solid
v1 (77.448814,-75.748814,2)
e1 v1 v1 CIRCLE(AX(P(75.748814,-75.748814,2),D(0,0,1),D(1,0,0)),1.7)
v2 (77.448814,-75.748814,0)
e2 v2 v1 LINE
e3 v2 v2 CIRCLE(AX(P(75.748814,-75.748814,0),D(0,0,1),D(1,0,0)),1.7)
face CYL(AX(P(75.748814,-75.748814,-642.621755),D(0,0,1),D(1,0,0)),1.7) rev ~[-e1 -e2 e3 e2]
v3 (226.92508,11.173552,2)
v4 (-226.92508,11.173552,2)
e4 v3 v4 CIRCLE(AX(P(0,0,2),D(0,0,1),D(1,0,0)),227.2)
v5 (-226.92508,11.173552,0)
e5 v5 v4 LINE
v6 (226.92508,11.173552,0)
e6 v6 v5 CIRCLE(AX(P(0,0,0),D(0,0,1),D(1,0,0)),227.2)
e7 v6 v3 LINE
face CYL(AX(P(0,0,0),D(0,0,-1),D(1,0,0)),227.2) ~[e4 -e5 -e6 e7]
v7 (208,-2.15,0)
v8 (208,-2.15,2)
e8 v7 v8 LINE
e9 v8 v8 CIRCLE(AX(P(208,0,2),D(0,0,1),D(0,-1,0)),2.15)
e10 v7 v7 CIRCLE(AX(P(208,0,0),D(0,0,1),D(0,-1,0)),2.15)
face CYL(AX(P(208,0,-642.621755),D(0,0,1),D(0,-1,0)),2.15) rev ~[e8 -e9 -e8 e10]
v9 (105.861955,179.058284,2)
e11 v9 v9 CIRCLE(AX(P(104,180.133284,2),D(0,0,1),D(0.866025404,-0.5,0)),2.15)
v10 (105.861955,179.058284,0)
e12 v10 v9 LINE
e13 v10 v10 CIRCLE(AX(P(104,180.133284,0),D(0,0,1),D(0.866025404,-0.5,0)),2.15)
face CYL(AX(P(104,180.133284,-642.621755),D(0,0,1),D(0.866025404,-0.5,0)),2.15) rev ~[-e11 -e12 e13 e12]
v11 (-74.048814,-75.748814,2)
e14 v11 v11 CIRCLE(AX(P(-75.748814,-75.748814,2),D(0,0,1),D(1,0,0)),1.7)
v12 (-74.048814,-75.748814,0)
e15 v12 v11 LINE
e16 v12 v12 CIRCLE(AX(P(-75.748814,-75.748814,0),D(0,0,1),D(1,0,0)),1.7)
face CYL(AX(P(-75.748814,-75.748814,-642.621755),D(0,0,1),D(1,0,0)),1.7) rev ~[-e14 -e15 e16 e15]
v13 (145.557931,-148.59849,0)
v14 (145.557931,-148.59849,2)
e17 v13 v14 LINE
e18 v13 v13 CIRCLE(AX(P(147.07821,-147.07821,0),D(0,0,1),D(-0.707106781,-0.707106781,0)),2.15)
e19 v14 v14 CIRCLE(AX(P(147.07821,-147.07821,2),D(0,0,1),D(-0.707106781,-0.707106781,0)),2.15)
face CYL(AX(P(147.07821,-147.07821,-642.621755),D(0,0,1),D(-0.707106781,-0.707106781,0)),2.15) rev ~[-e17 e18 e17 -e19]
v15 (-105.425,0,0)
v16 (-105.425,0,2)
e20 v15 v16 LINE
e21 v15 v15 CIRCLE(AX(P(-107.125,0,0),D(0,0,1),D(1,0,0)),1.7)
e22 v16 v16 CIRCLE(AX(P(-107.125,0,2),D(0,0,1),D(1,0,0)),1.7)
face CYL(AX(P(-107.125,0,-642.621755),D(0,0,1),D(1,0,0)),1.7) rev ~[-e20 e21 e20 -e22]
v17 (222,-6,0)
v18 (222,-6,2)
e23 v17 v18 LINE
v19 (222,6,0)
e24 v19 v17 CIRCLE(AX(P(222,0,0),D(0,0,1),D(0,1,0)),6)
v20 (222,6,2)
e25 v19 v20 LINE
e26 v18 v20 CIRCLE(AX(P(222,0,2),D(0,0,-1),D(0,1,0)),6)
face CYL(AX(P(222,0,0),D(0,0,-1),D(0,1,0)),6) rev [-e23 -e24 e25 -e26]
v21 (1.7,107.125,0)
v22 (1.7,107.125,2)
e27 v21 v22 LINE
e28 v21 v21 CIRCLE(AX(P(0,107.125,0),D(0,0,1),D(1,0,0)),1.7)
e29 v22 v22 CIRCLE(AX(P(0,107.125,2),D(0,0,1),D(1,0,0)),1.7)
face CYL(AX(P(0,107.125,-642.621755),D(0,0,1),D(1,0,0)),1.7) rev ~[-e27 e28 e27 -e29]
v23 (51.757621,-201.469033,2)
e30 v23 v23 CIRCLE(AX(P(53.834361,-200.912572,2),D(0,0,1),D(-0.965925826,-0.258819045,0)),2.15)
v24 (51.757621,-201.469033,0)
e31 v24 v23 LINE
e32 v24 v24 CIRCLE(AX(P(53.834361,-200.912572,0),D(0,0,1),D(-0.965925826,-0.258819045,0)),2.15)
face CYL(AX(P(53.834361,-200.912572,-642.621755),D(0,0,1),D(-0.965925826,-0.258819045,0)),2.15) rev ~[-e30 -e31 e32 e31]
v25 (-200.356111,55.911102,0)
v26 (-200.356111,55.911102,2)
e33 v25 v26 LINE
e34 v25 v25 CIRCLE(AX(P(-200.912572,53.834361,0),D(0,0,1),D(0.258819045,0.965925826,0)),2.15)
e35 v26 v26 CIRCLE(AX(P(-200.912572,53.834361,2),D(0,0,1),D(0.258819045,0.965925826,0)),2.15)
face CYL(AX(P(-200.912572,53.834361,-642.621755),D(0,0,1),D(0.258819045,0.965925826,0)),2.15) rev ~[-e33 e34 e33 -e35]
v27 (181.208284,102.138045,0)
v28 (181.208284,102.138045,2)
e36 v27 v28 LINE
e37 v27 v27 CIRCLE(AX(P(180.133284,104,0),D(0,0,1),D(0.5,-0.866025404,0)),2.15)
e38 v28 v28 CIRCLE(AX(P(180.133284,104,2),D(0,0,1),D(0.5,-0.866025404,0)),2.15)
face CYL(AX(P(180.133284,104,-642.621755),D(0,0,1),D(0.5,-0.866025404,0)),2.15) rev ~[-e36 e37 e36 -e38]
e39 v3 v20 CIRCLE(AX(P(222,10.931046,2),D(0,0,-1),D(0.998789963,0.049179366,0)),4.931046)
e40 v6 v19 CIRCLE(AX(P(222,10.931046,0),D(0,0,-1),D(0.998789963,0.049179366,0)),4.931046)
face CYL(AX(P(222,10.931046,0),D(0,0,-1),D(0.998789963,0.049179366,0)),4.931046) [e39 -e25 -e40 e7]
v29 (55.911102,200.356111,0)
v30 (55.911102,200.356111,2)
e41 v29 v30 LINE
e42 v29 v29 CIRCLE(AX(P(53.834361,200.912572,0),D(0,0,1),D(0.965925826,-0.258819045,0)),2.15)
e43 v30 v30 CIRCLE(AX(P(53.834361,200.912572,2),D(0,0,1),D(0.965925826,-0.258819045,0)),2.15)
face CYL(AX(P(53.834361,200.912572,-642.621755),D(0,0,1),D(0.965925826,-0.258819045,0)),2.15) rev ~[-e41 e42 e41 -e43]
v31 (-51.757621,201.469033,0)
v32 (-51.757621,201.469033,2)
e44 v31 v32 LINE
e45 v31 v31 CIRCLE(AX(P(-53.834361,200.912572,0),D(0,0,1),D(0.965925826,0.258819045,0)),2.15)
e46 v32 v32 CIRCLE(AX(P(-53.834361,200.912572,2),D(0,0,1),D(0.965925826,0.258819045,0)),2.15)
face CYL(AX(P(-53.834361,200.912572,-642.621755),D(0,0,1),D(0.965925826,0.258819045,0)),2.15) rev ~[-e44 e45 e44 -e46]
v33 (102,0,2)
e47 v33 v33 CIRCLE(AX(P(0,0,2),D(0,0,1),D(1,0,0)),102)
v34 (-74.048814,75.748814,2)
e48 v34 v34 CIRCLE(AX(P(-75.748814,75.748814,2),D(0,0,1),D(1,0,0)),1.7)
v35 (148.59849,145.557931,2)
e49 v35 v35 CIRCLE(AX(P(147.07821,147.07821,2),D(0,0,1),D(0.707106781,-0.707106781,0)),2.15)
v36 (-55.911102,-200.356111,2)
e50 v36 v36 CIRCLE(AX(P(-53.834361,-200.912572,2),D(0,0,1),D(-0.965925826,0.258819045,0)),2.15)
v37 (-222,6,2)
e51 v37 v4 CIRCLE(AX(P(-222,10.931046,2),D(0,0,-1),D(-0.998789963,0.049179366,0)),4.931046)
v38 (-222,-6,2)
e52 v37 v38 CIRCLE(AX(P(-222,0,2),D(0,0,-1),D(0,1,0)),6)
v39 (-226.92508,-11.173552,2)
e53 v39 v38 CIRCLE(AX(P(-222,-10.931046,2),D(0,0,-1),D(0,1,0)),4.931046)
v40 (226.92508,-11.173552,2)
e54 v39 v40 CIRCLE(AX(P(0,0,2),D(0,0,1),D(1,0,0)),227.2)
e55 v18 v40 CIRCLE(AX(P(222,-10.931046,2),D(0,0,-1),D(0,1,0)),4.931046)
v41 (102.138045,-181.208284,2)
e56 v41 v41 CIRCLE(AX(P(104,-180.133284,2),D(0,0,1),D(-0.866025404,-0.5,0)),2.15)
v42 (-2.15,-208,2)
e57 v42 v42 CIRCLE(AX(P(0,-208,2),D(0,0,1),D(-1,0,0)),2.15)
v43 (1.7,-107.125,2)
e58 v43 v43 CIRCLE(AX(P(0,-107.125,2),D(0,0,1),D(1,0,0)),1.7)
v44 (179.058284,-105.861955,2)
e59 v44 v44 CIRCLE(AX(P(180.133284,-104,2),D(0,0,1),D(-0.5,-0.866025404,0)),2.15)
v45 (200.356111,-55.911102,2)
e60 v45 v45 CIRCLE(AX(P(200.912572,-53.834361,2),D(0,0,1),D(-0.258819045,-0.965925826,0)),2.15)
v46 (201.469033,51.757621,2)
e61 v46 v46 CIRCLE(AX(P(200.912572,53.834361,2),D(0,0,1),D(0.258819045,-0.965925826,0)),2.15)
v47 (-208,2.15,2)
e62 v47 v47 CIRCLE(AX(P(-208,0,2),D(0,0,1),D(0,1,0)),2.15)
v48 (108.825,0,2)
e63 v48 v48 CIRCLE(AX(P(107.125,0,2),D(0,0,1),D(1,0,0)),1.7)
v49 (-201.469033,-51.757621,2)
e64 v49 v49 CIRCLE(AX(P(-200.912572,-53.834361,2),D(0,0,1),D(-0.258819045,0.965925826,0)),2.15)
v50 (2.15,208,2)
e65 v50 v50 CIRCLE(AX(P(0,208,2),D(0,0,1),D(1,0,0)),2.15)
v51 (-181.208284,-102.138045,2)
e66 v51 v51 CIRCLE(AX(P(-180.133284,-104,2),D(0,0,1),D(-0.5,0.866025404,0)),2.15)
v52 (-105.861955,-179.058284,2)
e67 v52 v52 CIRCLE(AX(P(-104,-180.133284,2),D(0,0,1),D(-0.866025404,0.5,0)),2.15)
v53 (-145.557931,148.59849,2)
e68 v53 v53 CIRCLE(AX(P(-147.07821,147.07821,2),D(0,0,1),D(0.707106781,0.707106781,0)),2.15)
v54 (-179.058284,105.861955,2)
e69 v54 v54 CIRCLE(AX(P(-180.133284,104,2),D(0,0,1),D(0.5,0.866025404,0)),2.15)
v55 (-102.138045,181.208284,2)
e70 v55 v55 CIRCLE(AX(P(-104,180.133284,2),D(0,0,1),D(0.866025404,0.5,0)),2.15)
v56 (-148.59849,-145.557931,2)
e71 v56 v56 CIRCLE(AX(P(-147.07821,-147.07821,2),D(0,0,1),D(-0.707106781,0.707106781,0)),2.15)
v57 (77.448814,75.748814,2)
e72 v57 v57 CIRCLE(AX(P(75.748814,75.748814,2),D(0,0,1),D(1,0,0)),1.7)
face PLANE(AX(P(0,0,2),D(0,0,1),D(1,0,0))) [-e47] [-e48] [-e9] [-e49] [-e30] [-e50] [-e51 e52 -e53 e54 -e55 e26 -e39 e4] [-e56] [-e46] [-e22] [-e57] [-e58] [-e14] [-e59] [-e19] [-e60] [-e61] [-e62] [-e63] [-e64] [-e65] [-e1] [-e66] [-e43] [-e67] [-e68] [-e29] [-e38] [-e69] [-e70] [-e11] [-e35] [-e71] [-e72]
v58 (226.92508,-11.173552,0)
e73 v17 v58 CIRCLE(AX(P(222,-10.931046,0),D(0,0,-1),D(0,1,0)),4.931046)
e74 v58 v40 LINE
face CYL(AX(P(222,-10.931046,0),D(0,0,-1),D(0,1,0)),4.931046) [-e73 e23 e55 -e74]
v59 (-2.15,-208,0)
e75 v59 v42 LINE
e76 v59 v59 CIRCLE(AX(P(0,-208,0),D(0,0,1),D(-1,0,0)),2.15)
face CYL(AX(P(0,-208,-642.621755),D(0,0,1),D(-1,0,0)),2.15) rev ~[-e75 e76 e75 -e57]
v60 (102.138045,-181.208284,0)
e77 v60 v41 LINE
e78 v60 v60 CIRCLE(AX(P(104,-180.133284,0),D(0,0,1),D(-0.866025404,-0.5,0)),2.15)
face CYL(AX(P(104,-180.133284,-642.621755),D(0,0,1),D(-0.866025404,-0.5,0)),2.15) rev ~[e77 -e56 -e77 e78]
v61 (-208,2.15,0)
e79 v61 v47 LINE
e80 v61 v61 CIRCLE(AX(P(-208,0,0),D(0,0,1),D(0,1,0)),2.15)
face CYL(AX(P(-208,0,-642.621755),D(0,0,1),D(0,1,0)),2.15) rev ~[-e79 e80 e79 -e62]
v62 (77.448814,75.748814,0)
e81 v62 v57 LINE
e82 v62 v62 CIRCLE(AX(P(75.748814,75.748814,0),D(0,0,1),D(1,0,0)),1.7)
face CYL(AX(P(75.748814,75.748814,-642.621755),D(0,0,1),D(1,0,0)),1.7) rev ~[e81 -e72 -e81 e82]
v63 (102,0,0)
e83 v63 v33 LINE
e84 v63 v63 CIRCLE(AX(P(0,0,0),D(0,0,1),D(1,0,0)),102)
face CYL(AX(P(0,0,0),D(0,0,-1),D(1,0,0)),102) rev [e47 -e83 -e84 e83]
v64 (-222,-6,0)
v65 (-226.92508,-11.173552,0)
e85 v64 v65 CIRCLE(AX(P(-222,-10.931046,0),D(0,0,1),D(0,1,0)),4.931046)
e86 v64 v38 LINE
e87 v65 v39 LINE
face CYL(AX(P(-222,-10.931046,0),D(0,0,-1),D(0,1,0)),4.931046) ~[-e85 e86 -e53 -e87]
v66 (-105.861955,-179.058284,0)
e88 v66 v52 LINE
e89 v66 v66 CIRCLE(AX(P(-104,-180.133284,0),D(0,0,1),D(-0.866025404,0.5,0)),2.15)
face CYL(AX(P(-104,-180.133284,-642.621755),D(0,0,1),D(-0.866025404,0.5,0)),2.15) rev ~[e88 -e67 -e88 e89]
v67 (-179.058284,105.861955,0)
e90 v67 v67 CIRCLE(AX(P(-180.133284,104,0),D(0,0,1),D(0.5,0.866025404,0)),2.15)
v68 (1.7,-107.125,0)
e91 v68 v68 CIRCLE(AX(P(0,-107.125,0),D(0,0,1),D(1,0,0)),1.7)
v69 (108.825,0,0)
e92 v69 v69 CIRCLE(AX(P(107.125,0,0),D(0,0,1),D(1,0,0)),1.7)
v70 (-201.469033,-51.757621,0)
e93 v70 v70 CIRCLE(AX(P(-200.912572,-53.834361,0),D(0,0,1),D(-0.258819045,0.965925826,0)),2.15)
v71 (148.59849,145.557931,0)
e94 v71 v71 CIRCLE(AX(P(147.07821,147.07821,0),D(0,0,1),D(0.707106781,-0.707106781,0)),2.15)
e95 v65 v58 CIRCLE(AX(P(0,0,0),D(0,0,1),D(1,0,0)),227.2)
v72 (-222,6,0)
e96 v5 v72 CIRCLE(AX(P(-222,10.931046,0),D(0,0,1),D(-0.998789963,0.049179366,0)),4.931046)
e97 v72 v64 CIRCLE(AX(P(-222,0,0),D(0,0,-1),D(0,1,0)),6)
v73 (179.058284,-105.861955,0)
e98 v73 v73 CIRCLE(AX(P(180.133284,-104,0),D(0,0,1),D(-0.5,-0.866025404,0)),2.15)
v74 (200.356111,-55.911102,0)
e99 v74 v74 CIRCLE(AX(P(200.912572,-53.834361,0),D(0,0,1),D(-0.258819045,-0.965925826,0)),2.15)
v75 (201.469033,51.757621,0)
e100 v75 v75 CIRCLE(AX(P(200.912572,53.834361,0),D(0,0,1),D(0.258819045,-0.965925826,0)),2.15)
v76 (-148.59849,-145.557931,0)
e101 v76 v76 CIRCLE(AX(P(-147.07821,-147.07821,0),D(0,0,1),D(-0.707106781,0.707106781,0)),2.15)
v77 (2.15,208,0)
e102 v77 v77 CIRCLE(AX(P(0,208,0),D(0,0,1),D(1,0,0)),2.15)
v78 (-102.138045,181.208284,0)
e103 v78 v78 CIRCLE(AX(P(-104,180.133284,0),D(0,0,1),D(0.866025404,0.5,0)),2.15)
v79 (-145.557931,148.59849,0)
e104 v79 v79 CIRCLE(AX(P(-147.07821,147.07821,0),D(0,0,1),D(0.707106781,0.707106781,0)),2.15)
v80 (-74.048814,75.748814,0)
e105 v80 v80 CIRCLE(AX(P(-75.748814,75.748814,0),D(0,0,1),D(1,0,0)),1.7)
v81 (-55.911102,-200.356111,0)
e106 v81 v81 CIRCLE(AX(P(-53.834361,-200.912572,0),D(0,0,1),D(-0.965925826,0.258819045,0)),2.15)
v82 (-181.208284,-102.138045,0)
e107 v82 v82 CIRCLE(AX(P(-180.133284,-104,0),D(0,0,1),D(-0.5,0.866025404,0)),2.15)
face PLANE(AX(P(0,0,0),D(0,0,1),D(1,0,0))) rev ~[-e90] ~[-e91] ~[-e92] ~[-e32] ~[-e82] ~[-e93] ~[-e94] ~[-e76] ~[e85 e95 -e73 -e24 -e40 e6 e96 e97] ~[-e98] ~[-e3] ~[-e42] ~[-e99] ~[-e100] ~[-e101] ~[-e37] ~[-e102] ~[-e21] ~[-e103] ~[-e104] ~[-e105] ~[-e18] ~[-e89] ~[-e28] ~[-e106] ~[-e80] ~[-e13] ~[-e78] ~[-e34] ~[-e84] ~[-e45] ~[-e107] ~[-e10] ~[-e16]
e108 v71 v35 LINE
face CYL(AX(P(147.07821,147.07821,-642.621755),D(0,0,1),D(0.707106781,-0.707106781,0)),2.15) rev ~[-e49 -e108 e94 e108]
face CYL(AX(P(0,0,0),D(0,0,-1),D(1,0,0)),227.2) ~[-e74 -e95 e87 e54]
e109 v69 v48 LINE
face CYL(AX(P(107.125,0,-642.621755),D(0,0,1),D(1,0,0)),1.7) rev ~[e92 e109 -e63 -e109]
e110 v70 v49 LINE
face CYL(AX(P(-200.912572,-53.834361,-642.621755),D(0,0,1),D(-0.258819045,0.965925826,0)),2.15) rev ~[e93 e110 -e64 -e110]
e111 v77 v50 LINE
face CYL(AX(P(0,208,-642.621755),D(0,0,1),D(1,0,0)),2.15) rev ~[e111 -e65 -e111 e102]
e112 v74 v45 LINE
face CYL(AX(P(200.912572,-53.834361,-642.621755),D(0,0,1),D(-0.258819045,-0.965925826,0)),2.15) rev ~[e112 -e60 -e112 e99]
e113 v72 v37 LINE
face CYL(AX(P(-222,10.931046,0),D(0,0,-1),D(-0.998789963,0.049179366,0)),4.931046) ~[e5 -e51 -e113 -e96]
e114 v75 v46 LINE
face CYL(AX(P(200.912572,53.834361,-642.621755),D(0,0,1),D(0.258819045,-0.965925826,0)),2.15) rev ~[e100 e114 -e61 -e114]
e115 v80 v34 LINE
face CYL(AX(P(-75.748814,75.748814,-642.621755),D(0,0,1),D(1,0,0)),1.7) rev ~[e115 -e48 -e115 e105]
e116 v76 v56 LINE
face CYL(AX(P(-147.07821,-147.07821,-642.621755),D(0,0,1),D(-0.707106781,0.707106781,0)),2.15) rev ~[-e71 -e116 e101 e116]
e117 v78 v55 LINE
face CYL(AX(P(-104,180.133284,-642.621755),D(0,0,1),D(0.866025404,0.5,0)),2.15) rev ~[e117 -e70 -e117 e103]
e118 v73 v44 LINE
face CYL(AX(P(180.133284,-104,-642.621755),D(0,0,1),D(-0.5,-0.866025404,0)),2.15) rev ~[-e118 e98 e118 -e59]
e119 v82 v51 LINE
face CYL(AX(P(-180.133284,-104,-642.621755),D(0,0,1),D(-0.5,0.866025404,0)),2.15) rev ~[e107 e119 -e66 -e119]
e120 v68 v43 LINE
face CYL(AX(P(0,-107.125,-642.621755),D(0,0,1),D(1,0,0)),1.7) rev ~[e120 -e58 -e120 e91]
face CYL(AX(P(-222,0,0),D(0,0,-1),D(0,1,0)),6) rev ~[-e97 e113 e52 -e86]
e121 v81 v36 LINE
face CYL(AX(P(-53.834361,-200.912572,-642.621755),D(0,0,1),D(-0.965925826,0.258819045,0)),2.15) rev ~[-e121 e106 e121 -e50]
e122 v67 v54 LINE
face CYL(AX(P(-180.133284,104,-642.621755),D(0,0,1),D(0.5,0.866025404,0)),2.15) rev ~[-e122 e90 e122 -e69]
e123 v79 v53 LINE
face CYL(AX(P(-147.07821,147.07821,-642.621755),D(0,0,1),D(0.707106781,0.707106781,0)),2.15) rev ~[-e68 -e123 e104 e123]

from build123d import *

# Parameters (mm, degrees)
SKETCH1_R            = 227.2
SKETCH1_R_2          = 102
EXTRUDE1_DEPTH       = 2
M4_CLEARANCE_HOLE1_D = 4.3
CIRPATTERN1_COUNT    = 24
M4_CLEARANCE_HOLE2_D = 4.3
M3_CLEARANCE_HOLE1_D = 3.4
CUT_EXTRUDE2_DEPTH   = 3


with BuildPart() as part:
    # Sketch1 → Extrude1 (new body)
    with BuildSketch(Plane.XY):
        Circle(SKETCH1_R)
        Circle(SKETCH1_R_2, mode=Mode.SUBTRACT)
    extrude(amount=EXTRUDE1_DEPTH)

    # M4 Clearance Hole1 (through all)
    with Locations(Plane(origin=(0, 0, 0), x_dir=(-1, 0, 0), z_dir=(0, 0, -1))):
        with Locations((0, 208)):
            m4_clearance_hole1 = Hole(M4_CLEARANCE_HOLE1_D / 2)

    # CirPattern1: M4 Clearance Hole1 ×24 about axis
    cirpattern1_axis = Axis((0, 0, 0), (0, 0, 1))
    for i in range(1, CIRPATTERN1_COUNT):
        add(m4_clearance_hole1.rotate(cirpattern1_axis, i * 360 / CIRPATTERN1_COUNT), mode=Mode.SUBTRACT)

    # M4 Clearance Hole2 (through all)
    with Locations(Plane(origin=(0, 0, 0), x_dir=(-1, 0, 0), z_dir=(0, 0, -1))):
        with Locations((-222, 0), (222, 0)):
            Hole(M4_CLEARANCE_HOLE2_D / 2)

    # M3 Clearance Hole1 (through all)
    with Locations(Plane(origin=(0, 0, 0), x_dir=(-1, 0, 0), z_dir=(0, 0, -1))):
        with Locations((-107.125, 0), (-75.748813935, -75.748813935), (0, -107.125), (75.748813935, -75.748813935), (107.125, 0), (75.748813935, 75.748813935), (0, 107.125), (-75.748813935, 75.748813935)):
            Hole(M3_CLEARANCE_HOLE1_D / 2)

    # Sketch11 → Cut-Extrude2 (cut, through all)
    with BuildSketch(Plane(origin=(0, 0, 0), x_dir=(-1, 0, 0), z_dir=(0, 0, -1))):
        with BuildLine():
            ThreePointArc((222, 6), (216, 0), (222, -6))
            ThreePointArc((222, -6), (225.571486017, -7.531089641), (226.925079563, -11.173552045))
            ThreePointArc((226.925079563, -11.173552045), (227.2, 0), (226.925079563, 11.173552045))
            ThreePointArc((226.925079563, 11.173552045), (225.571486017, 7.531089641), (222, 6))
        make_face()
        with BuildLine():
            ThreePointArc((-222, -6), (-225.571486017, -7.531089641), (-226.925079563, -11.173552045))
            ThreePointArc((-226.925079563, -11.173552045), (-227.2, 0), (-226.925079563, 11.173552045))
            ThreePointArc((-226.925079563, 11.173552045), (-225.571486017, 7.531089641), (-222, 6))
            ThreePointArc((-222, 6), (-216, 0), (-222, -6))
        make_face()
    extrude(amount=-CUT_EXTRUDE2_DEPTH, mode=Mode.SUBTRACT)


solid = part.part
